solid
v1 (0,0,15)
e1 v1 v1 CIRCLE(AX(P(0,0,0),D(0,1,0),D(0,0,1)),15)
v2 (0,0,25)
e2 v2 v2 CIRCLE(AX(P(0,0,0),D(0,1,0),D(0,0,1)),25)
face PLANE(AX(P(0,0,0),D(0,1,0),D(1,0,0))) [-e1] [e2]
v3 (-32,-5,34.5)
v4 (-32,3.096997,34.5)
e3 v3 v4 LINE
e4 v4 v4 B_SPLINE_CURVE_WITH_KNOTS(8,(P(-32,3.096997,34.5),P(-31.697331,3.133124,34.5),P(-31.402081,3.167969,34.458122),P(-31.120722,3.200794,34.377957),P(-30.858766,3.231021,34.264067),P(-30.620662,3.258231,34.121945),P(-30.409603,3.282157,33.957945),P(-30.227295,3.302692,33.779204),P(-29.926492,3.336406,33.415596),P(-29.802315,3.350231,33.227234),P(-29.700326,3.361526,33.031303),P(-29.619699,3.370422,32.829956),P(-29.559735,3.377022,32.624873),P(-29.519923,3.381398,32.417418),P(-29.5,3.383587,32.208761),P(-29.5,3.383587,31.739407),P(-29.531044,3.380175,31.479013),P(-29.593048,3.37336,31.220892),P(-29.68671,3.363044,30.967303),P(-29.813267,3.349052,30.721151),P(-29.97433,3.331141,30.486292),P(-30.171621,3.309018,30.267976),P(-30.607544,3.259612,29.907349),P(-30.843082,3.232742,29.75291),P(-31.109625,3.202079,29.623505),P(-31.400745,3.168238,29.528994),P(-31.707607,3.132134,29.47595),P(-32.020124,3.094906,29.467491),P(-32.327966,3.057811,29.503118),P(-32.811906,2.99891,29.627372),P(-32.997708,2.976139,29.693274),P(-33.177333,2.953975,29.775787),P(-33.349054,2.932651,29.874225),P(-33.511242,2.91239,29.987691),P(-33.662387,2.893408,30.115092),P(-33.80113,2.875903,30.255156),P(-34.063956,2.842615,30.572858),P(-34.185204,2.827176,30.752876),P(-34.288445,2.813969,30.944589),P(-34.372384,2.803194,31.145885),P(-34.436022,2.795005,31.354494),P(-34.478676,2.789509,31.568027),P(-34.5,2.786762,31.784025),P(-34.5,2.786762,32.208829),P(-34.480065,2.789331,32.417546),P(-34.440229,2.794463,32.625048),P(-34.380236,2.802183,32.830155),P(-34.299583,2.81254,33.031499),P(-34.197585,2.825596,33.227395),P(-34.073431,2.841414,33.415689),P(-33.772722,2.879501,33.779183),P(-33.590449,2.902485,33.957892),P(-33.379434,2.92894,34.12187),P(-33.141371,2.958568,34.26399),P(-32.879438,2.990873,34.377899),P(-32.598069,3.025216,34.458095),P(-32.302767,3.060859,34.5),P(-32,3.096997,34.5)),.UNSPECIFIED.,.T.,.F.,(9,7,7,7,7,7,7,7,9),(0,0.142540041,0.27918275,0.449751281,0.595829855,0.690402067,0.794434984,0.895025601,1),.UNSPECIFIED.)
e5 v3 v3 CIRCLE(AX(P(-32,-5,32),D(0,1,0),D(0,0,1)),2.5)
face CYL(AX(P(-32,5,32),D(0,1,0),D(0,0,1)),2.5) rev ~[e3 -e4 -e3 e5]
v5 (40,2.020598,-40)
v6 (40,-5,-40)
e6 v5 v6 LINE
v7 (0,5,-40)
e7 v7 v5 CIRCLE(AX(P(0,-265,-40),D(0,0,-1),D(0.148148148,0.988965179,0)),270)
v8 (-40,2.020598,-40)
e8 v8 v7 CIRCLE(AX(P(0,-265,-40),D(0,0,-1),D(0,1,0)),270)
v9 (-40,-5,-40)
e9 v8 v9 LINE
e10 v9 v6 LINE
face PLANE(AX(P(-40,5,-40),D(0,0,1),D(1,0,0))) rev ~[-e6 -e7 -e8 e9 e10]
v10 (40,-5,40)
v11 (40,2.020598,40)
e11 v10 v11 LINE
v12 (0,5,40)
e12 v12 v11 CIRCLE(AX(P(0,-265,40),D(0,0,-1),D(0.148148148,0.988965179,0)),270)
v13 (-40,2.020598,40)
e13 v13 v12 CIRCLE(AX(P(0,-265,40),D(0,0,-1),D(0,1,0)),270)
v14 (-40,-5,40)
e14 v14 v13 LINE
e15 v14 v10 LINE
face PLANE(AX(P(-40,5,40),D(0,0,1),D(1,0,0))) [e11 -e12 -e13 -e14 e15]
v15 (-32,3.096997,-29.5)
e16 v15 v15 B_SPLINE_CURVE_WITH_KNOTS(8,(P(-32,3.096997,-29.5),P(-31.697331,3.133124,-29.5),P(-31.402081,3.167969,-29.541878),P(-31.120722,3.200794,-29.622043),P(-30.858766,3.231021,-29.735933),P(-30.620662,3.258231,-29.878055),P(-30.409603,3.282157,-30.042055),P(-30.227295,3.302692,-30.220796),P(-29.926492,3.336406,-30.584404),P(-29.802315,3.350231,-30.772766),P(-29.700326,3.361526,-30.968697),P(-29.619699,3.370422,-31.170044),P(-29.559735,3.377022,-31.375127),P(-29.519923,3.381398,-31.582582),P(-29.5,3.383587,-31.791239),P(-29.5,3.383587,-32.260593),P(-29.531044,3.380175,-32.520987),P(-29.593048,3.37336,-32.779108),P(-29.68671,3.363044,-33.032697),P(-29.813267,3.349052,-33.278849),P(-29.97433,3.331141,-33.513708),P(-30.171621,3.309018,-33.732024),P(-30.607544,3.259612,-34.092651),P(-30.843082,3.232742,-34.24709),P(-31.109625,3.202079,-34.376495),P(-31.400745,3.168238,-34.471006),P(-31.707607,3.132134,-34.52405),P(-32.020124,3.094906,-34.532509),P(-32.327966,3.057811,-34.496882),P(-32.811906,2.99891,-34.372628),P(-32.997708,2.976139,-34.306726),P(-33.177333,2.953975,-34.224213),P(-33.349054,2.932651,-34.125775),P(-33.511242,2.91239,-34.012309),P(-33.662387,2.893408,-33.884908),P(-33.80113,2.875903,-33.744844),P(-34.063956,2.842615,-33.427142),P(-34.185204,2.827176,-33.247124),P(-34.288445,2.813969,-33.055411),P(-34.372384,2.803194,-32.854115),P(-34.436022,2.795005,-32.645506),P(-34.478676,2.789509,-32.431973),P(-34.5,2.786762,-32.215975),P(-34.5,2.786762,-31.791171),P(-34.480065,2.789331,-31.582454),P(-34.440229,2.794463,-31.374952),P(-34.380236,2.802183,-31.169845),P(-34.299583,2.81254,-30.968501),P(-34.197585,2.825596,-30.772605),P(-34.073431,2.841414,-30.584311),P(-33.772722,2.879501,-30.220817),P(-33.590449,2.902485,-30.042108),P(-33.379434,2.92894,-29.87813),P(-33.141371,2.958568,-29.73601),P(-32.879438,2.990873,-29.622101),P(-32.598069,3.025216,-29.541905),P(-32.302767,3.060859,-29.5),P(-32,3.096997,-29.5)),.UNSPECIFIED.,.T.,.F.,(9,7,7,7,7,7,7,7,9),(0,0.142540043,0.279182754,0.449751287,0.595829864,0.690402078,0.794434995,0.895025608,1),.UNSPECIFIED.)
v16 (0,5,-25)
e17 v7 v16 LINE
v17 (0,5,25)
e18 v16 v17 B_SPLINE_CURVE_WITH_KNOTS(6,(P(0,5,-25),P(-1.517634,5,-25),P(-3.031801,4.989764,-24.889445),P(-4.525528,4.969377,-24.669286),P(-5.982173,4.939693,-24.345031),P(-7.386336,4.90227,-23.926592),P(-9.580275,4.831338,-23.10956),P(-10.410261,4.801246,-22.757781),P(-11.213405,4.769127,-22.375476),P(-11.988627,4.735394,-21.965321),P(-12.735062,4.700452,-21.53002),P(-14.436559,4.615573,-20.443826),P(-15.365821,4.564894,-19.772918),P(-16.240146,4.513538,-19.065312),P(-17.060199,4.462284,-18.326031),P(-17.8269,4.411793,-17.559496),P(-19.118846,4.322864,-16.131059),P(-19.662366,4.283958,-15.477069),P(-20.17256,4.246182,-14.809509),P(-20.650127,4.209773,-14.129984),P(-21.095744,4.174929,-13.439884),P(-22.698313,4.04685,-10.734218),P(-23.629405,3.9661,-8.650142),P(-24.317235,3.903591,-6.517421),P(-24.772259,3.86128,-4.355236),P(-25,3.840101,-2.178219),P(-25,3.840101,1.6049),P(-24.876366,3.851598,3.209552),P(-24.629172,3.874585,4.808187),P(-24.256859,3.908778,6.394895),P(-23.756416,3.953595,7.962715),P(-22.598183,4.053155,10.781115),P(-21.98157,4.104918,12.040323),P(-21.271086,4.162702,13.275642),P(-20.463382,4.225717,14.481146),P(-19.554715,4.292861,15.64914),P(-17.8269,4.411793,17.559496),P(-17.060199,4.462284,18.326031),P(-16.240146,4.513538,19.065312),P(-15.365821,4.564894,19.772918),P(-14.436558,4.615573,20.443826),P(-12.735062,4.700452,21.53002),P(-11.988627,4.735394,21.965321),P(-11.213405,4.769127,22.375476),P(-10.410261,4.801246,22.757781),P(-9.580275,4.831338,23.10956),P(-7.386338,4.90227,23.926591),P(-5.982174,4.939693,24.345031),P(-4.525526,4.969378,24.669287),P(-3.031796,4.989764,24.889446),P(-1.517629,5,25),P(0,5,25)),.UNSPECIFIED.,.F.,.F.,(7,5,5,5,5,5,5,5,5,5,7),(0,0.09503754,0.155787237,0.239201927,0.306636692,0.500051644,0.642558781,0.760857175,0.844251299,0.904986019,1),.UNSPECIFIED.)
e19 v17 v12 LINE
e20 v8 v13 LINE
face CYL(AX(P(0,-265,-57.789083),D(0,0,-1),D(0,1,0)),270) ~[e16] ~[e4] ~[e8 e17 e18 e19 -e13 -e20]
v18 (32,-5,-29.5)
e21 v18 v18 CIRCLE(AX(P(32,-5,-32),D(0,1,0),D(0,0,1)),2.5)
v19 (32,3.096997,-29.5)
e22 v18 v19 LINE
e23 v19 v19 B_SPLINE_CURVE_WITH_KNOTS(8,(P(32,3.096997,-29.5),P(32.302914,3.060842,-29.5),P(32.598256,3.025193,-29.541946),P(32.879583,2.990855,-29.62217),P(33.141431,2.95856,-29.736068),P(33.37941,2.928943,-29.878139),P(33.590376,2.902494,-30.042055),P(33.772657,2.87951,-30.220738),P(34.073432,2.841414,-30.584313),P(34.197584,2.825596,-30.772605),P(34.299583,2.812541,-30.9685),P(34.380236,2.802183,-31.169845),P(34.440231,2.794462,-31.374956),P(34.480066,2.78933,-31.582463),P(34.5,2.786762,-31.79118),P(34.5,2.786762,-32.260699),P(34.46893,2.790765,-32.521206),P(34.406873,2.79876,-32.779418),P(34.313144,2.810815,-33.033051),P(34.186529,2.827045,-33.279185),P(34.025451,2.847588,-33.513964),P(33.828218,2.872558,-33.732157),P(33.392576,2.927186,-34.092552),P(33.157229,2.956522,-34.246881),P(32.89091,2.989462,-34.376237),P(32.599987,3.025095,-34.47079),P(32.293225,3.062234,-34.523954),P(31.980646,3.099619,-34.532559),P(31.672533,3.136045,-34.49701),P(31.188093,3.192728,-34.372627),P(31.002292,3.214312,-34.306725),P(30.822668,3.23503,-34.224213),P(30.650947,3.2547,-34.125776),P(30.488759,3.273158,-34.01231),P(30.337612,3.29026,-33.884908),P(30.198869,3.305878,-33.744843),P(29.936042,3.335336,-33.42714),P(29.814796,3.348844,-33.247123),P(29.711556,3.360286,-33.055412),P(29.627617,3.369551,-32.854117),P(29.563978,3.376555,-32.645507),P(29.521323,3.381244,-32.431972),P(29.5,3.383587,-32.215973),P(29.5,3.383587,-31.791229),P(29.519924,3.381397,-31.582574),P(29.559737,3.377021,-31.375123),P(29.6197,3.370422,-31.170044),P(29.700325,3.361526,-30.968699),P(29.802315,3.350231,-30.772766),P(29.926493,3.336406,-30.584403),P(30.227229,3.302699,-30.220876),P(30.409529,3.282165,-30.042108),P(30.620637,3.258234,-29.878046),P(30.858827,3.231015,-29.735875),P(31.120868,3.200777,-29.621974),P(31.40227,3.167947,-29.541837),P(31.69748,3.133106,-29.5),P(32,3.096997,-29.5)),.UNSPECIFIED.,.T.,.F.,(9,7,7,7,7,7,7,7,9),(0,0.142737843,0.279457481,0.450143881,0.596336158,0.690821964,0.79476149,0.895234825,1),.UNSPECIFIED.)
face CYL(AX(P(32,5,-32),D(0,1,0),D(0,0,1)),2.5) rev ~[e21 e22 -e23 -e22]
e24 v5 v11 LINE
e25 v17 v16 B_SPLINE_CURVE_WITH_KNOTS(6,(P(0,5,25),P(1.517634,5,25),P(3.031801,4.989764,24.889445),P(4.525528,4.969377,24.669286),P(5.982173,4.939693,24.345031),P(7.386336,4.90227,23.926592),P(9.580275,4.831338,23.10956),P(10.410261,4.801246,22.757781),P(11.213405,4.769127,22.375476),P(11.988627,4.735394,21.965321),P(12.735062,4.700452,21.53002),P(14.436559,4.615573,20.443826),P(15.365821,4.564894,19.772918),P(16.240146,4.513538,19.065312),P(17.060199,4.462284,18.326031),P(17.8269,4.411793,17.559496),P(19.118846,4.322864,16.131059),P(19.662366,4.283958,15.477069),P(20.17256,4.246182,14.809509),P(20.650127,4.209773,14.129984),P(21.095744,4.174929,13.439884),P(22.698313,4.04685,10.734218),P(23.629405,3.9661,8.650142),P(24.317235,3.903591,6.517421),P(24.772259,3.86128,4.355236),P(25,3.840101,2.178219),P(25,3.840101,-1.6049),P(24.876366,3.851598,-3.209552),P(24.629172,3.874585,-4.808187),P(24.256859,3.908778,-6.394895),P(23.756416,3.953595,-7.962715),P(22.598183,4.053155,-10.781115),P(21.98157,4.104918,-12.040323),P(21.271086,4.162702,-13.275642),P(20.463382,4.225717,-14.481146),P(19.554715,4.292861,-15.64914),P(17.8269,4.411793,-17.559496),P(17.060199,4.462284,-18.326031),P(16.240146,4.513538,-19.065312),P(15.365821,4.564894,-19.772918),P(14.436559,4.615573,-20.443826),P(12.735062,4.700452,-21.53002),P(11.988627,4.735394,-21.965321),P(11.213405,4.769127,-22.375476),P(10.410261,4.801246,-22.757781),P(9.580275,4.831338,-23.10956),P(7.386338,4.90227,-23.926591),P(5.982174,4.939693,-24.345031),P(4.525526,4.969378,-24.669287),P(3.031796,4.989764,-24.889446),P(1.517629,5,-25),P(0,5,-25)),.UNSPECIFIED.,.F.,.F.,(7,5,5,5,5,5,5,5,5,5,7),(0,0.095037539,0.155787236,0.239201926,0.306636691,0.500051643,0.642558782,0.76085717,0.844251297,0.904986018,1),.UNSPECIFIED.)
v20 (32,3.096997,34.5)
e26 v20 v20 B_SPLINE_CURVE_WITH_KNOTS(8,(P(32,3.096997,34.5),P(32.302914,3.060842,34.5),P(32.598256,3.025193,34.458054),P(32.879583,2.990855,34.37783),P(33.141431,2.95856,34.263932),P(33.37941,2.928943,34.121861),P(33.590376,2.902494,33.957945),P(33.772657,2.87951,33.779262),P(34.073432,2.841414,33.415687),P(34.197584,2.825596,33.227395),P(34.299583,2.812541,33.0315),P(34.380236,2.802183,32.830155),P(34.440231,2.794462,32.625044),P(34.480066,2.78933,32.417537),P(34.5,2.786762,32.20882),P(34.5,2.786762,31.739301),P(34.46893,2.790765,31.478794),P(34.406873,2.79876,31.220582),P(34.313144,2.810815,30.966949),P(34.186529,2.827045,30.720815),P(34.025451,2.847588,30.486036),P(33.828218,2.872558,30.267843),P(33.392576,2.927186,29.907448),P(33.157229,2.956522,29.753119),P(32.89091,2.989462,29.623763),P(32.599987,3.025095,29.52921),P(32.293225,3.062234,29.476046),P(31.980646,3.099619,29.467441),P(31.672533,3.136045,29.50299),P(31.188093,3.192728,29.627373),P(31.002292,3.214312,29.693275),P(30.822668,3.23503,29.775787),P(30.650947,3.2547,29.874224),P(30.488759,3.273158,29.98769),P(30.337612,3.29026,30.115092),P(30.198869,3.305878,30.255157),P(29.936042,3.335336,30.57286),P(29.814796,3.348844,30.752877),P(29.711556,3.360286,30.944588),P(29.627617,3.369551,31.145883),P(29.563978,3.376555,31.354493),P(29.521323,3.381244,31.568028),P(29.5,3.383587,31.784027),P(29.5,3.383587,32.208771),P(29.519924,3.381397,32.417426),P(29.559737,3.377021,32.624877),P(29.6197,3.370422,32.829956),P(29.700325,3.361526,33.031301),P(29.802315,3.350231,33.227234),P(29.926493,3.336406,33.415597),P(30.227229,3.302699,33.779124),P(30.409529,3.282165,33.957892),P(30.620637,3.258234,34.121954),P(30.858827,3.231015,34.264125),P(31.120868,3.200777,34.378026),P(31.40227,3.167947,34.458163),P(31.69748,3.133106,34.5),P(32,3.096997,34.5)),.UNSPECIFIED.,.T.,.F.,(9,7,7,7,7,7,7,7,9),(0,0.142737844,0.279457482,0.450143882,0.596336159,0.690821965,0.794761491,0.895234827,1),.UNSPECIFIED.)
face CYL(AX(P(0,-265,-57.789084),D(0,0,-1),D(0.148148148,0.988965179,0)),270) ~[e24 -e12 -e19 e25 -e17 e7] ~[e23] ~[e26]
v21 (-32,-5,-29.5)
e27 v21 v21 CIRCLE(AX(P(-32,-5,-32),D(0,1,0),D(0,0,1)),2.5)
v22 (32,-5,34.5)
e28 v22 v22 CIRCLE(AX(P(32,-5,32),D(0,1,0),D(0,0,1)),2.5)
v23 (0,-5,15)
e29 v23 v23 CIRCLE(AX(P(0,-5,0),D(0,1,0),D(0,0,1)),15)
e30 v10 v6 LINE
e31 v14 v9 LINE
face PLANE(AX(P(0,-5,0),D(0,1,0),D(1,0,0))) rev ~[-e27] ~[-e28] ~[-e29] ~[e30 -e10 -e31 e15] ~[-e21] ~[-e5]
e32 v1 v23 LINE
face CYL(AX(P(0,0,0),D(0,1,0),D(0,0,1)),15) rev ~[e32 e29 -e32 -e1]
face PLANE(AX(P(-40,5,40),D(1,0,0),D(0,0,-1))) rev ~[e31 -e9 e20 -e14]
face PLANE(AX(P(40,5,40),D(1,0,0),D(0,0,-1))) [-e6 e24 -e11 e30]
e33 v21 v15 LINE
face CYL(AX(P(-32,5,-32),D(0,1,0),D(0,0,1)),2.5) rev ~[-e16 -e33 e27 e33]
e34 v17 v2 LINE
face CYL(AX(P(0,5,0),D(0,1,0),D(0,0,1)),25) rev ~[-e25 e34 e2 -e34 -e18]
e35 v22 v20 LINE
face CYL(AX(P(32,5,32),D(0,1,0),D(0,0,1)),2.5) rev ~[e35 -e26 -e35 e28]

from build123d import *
from build123d.topology import SkipClean

# Parameters (mm, degrees)
SKETCH1_3_W             = 80
SKETCH1_3_H             = 80
SKETCH1_3_R             = 2.5
SKETCH1_3_R_2           = 15
BOSS_EXTRUDE3_DEPTH     = 5
BOSS_EXTRUDE4_START     = 5
SKETCH1_W               = 80
SKETCH1_H               = 80
SKETCH1_R               = 2.5
SKETCH1_R_2             = 25
BOSS_EXTRUDE4_DEPTH     = 5
CUT_EXTRUDE2_DEPTH      = 57.789083458
CUT_EXTRUDE2_DEPTH_BACK = 57.789083458
CUT_EXTRUDE3_DEPTH      = 57.789083608
CUT_EXTRUDE3_DEPTH_BACK = 57.789083608


with BuildPart() as part:
    # Sketch1<3> → Boss-Extrude3 (new body)
    with BuildSketch(Plane(origin=(0, 0, 0), x_dir=(1, 0, 0), z_dir=(0, 1, 0))):
        Rectangle(SKETCH1_3_W, SKETCH1_3_H)
        with Locations((-32, -32)):
            Circle(SKETCH1_3_R, mode=Mode.SUBTRACT)
        with Locations((32, -32)):
            Circle(SKETCH1_3_R, mode=Mode.SUBTRACT)
        with Locations((-32, 32)):
            Circle(SKETCH1_3_R, mode=Mode.SUBTRACT)
        with Locations((32, 32)):
            Circle(SKETCH1_3_R, mode=Mode.SUBTRACT)
        Circle(SKETCH1_3_R_2, mode=Mode.SUBTRACT)
    extrude(amount=-BOSS_EXTRUDE3_DEPTH)

    # Sketch1 → Boss-Extrude4 (add)
    with BuildSketch(Plane(origin=(0, 0, 0), x_dir=(1, 0, 0), z_dir=(0, 1, 0)).offset(BOSS_EXTRUDE4_START)):
        Rectangle(SKETCH1_W, SKETCH1_H)
        with Locations((-32, -32)):
            Circle(SKETCH1_R, mode=Mode.SUBTRACT)
        with Locations((32, -32)):
            Circle(SKETCH1_R, mode=Mode.SUBTRACT)
        Circle(SKETCH1_R_2, mode=Mode.SUBTRACT)
        with Locations((-32, 32)):
            Circle(SKETCH1_R, mode=Mode.SUBTRACT)
        with Locations((32, 32)):
            Circle(SKETCH1_R, mode=Mode.SUBTRACT)
    extrude(amount=-BOSS_EXTRUDE4_DEPTH)

    # Sketch3 → Cut-Extrude2 (cut, two sides: drawn at the far end of the back side and taken through both)
    with BuildSketch(Plane.XY.offset(-CUT_EXTRUDE2_DEPTH_BACK)):
        with BuildLine():
            Line((-40, 2.020598456), (-40, 5))
            Line((-40, 5), (0, 5))
            ThreePointArc((0, 5), (-20.055403471, 4.254119359), (-40, 2.020598456))
        make_face()
    extrude(amount=CUT_EXTRUDE2_DEPTH + CUT_EXTRUDE2_DEPTH_BACK, mode=Mode.SUBTRACT)

    # Sketch3<4> → Cut-Extrude3 (cut, two sides: drawn at the far end of the back side and taken through both)
    with SkipClean():  # the faces are left unmerged after this step: merging them gives an invalid solid
        with BuildSketch(Plane.XY.offset(-CUT_EXTRUDE3_DEPTH_BACK)):
            with BuildLine():
                Line((40, 5), (40, 2.020598456))
                ThreePointArc((40, 2.020598456), (20.055403471, 4.254119359), (0, 5))
                Line((0, 5), (40, 5))
            make_face()
        extrude(amount=CUT_EXTRUDE3_DEPTH + CUT_EXTRUDE3_DEPTH_BACK, mode=Mode.SUBTRACT)


solid = part.part
